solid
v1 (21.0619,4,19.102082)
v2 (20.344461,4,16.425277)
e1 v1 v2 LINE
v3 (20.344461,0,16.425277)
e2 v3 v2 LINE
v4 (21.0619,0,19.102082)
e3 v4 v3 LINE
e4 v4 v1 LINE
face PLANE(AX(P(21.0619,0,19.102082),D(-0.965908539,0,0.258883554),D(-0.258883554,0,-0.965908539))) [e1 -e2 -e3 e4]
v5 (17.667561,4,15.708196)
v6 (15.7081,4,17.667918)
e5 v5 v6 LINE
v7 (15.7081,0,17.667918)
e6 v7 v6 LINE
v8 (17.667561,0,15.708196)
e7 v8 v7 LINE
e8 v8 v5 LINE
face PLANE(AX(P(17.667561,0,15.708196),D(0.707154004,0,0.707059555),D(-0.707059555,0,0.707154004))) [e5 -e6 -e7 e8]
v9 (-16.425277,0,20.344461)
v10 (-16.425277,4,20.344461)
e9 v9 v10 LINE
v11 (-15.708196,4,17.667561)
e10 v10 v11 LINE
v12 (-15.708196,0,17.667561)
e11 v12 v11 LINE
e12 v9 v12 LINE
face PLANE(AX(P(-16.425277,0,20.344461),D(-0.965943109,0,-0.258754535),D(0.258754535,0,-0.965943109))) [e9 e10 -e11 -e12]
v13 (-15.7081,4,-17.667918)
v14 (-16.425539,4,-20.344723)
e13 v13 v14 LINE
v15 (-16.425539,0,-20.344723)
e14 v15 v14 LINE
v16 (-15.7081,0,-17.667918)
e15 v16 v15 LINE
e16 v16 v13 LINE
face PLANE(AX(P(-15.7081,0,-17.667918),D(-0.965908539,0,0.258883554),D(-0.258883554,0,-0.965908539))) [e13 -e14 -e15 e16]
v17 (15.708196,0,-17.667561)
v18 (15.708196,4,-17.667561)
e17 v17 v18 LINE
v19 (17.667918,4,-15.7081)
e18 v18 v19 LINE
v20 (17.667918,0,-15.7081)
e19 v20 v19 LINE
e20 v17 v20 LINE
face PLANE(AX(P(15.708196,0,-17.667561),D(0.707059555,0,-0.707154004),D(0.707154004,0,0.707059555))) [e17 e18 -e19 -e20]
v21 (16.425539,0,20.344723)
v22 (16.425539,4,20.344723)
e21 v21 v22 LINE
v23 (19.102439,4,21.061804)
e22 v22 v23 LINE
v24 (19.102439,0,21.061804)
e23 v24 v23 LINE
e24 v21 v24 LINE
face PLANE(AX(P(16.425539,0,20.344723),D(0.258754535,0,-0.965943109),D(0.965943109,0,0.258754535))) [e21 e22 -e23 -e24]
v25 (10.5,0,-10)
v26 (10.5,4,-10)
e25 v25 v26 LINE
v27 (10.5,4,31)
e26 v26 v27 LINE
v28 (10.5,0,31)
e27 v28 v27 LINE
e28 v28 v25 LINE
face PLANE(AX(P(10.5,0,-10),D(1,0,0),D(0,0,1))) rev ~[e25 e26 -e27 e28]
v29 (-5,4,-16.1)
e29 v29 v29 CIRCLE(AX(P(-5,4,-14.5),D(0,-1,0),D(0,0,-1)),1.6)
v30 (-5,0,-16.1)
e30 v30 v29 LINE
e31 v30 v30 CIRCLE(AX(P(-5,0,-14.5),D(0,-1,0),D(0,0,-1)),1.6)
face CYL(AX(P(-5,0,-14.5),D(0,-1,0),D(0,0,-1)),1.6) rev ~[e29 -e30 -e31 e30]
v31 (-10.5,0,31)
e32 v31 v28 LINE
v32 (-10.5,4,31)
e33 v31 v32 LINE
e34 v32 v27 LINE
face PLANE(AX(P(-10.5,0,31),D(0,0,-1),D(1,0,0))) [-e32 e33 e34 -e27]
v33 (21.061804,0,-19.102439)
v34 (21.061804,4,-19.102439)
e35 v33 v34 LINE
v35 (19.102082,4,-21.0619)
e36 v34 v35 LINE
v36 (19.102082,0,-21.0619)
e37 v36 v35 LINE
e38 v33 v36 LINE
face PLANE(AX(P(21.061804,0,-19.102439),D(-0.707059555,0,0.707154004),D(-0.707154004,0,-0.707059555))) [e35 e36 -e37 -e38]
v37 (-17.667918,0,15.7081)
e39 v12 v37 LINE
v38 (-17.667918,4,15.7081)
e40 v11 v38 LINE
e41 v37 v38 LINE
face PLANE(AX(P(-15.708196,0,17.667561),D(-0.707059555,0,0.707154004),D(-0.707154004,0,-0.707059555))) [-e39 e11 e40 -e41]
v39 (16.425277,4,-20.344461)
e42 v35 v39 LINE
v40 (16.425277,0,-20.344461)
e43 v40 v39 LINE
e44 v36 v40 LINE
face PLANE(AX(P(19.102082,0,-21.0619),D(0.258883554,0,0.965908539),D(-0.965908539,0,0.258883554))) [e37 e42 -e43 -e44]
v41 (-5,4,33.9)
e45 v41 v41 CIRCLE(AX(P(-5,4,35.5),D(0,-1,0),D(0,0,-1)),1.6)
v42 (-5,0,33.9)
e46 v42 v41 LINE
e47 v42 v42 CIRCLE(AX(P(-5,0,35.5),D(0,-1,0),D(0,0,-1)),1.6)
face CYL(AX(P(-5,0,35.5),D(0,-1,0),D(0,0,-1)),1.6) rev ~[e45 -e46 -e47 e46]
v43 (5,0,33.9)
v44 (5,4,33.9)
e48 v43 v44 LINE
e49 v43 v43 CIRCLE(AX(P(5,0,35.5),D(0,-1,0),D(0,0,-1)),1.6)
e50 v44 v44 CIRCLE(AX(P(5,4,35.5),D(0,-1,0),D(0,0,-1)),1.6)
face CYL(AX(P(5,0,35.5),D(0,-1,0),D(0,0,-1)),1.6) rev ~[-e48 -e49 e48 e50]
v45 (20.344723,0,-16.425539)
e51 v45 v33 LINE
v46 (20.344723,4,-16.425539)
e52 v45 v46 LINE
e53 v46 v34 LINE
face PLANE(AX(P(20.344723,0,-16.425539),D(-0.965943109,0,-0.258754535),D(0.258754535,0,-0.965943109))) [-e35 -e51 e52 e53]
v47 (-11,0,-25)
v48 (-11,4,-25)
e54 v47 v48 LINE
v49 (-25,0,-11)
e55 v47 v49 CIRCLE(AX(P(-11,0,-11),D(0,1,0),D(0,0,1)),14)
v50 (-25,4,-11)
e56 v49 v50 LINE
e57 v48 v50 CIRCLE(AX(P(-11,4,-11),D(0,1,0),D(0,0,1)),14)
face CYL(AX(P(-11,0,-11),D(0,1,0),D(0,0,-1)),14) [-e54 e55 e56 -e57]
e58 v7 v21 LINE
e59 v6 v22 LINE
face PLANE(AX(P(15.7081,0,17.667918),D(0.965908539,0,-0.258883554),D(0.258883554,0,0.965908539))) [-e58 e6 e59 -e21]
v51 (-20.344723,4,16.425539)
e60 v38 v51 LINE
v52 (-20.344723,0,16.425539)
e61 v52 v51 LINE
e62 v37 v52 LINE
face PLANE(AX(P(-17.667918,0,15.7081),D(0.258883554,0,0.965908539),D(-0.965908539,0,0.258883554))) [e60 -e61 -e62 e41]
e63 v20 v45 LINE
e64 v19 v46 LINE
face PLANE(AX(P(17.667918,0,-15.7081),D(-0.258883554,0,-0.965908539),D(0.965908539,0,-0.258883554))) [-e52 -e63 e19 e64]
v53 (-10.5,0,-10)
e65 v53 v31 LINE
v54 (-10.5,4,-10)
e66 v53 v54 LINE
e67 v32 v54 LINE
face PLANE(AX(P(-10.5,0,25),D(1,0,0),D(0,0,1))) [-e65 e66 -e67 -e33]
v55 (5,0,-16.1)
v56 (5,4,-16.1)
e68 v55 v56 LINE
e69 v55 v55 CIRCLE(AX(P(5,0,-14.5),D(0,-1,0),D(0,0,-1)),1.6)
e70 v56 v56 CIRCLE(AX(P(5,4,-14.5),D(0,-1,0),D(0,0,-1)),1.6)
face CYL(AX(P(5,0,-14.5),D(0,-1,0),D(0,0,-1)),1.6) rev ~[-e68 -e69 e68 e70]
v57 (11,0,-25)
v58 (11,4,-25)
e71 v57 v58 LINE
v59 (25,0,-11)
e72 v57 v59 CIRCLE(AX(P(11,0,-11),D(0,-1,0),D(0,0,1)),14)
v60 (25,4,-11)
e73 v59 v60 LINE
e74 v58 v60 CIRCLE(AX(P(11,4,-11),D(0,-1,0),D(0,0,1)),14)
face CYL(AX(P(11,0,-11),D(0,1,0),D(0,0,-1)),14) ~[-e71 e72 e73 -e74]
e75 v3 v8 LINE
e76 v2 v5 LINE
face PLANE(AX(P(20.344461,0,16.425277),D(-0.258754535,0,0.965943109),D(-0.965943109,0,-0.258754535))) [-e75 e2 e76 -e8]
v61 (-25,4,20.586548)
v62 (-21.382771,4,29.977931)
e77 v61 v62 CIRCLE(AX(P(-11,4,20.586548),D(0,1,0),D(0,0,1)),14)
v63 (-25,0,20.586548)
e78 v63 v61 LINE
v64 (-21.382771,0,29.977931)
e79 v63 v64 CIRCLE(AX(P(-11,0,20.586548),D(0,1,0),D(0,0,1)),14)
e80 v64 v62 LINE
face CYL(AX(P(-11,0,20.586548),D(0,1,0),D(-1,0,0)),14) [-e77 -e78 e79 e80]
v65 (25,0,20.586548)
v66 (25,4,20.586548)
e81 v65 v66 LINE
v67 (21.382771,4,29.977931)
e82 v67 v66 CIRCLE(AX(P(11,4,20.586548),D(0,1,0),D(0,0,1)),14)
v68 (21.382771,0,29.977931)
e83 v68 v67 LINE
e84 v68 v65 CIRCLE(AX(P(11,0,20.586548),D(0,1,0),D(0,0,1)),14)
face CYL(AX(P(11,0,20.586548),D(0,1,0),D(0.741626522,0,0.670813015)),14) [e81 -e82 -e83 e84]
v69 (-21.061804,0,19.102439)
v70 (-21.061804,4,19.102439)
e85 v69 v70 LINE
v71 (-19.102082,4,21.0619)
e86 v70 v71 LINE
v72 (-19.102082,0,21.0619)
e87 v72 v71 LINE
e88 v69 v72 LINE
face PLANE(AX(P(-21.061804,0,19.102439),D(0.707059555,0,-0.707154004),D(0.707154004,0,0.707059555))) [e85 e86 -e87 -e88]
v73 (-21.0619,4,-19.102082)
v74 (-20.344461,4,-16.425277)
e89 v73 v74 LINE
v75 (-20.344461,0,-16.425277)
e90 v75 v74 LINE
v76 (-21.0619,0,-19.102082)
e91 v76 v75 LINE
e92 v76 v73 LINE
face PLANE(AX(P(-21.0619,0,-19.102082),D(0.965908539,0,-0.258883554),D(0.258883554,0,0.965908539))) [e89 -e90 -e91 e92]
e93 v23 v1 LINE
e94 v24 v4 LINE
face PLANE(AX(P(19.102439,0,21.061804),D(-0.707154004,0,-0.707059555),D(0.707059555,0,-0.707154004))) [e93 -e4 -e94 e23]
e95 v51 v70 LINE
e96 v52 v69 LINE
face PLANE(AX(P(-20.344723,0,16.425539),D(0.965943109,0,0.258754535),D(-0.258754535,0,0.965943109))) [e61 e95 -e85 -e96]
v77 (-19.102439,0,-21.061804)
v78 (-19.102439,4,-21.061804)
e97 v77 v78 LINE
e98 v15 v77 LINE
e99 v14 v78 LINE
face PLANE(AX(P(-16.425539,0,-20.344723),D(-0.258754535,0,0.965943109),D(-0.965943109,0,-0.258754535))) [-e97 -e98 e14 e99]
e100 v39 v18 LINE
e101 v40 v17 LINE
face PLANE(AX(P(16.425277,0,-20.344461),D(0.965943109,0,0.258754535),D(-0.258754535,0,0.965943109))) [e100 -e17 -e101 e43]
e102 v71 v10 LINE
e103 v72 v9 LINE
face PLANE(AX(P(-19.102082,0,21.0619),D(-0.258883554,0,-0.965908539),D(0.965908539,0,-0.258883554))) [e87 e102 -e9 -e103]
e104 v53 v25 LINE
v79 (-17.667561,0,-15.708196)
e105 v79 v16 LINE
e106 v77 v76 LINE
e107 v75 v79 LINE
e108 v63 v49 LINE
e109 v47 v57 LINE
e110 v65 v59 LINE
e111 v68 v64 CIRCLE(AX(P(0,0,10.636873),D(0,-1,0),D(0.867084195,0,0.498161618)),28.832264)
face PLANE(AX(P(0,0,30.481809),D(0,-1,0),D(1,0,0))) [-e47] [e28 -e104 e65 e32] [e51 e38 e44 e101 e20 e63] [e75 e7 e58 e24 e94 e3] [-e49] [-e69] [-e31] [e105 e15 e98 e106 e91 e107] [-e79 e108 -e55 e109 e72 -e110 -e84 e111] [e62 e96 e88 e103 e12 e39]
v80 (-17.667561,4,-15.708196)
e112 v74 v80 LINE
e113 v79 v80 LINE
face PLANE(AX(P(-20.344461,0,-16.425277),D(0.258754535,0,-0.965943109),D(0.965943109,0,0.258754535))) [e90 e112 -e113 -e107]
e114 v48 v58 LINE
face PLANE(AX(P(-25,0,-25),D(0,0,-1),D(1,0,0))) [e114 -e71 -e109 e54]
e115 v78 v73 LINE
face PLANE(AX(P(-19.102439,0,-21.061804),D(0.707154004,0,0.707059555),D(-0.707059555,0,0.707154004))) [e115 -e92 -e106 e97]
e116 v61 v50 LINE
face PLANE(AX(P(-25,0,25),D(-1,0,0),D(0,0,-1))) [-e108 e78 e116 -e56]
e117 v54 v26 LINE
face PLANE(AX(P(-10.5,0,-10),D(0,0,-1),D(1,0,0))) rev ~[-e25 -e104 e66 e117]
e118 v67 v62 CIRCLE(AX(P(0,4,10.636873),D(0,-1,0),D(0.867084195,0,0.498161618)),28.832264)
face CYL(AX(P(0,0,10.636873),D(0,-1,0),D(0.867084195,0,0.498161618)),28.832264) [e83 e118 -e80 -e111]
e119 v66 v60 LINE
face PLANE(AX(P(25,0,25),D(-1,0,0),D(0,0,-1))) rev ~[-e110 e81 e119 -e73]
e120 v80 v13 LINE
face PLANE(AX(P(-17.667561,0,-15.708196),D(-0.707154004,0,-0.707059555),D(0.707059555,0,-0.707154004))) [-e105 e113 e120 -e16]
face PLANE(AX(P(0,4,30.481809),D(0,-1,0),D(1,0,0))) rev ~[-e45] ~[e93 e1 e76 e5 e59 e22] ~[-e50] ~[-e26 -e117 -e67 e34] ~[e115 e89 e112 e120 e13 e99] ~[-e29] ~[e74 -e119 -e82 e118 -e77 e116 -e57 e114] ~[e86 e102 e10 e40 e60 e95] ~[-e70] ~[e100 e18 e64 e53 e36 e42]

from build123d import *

# Parameters (mm, degrees)
SKETCH_1_W          = 50
SKETCH_1_H          = 50
EXTRUDE_1_DEPTH     = 4
SKETCH_2_R          = 1.6
EXTRUDE_2_DEPTH     = 4
SKETCH_2_3_W        = 21
SKETCH_2_3_H        = 35
SKETCH_2_3_R        = 1.6
CUT_EXTRUDE_1_DEPTH = 4
FILLET_1_R          = 14
FILLET_2_R          = 14


with BuildPart() as part:
    # 草图1 → 凸台-拉伸1 (new body)
    with BuildSketch(Plane(origin=(0, 0, 0), x_dir=(1, 0, 0), z_dir=(0, 1, 0))):
        Rectangle(SKETCH_1_W, SKETCH_1_H)
        Polygon((15.708195736, 17.66756085), (17.667918398, 15.708099932), (20.344722661, 16.425539082), (21.061804264, 19.10243915), (19.102081602, 21.061900068), (16.425277339, 20.344460918), align=None, mode=Mode.SUBTRACT)
        Polygon((-17.66756085, 15.708195736), (-15.708099932, 17.667918398), (-16.425539082, 20.344722661), (-19.10243915, 21.061804264), (-21.061900068, 19.102081602), (-20.344460918, 16.425277339), align=None, mode=Mode.SUBTRACT)
        Polygon((17.66756085, -15.708195736), (15.708099932, -17.667918398), (16.425539082, -20.344722661), (19.10243915, -21.061804264), (21.061900068, -19.102081602), (20.344460918, -16.425277339), align=None, mode=Mode.SUBTRACT)
        Polygon((-15.708195736, -17.66756085), (-17.667918398, -15.708099932), (-20.344722661, -16.425539082), (-21.061804264, -19.10243915), (-19.102081602, -21.061900068), (-16.425277339, -20.344460918), align=None, mode=Mode.SUBTRACT)
    extrude(amount=EXTRUDE_1_DEPTH)

    # 草图2 → 凸台-拉伸2 (add)
    with BuildSketch(Plane.XZ):
        with BuildLine():
            ThreePointArc((25, 25), (0, 39.469136454), (-25, 25))
            Line((-25, 25), (-10.5, 25))
            Line((-10.5, 25), (-10.5, 31))
            Line((-10.5, 31), (10.5, 31))
            Line((10.5, 31), (10.5, 25))
            Line((10.5, 25), (25, 25))
        make_face()
        with Locations((-5, 35.5)):
            Circle(SKETCH_2_R, mode=Mode.SUBTRACT)
        with Locations((5, 35.5)):
            Circle(SKETCH_2_R, mode=Mode.SUBTRACT)
    extrude(amount=-EXTRUDE_2_DEPTH)

    # 草图2<3> → 切除-拉伸1 (cut)
    with BuildSketch(Plane.XZ):
        with Locations((0, 7.5)):
            Rectangle(SKETCH_2_3_W, SKETCH_2_3_H)
        with Locations((-5, -14.5)):
            Circle(SKETCH_2_3_R)
        with Locations((5, -14.5)):
            Circle(SKETCH_2_3_R)
    extrude(amount=-CUT_EXTRUDE_1_DEPTH, mode=Mode.SUBTRACT)

    # 圆角1
    fillet_1_edges = [part.edges().sort_by_distance(p)[0] for p in [
        (25, 2, -25),
        (-25, 2, -25),
    ]]
    fillet(fillet_1_edges, radius=FILLET_1_R)

    # 圆角2
    fillet_2_edges = [part.edges().sort_by_distance(p)[0] for p in [
        (25, 2, 25),
        (-25, 2, 25),
    ]]
    fillet(fillet_2_edges, radius=FILLET_2_R)


solid = part.part
